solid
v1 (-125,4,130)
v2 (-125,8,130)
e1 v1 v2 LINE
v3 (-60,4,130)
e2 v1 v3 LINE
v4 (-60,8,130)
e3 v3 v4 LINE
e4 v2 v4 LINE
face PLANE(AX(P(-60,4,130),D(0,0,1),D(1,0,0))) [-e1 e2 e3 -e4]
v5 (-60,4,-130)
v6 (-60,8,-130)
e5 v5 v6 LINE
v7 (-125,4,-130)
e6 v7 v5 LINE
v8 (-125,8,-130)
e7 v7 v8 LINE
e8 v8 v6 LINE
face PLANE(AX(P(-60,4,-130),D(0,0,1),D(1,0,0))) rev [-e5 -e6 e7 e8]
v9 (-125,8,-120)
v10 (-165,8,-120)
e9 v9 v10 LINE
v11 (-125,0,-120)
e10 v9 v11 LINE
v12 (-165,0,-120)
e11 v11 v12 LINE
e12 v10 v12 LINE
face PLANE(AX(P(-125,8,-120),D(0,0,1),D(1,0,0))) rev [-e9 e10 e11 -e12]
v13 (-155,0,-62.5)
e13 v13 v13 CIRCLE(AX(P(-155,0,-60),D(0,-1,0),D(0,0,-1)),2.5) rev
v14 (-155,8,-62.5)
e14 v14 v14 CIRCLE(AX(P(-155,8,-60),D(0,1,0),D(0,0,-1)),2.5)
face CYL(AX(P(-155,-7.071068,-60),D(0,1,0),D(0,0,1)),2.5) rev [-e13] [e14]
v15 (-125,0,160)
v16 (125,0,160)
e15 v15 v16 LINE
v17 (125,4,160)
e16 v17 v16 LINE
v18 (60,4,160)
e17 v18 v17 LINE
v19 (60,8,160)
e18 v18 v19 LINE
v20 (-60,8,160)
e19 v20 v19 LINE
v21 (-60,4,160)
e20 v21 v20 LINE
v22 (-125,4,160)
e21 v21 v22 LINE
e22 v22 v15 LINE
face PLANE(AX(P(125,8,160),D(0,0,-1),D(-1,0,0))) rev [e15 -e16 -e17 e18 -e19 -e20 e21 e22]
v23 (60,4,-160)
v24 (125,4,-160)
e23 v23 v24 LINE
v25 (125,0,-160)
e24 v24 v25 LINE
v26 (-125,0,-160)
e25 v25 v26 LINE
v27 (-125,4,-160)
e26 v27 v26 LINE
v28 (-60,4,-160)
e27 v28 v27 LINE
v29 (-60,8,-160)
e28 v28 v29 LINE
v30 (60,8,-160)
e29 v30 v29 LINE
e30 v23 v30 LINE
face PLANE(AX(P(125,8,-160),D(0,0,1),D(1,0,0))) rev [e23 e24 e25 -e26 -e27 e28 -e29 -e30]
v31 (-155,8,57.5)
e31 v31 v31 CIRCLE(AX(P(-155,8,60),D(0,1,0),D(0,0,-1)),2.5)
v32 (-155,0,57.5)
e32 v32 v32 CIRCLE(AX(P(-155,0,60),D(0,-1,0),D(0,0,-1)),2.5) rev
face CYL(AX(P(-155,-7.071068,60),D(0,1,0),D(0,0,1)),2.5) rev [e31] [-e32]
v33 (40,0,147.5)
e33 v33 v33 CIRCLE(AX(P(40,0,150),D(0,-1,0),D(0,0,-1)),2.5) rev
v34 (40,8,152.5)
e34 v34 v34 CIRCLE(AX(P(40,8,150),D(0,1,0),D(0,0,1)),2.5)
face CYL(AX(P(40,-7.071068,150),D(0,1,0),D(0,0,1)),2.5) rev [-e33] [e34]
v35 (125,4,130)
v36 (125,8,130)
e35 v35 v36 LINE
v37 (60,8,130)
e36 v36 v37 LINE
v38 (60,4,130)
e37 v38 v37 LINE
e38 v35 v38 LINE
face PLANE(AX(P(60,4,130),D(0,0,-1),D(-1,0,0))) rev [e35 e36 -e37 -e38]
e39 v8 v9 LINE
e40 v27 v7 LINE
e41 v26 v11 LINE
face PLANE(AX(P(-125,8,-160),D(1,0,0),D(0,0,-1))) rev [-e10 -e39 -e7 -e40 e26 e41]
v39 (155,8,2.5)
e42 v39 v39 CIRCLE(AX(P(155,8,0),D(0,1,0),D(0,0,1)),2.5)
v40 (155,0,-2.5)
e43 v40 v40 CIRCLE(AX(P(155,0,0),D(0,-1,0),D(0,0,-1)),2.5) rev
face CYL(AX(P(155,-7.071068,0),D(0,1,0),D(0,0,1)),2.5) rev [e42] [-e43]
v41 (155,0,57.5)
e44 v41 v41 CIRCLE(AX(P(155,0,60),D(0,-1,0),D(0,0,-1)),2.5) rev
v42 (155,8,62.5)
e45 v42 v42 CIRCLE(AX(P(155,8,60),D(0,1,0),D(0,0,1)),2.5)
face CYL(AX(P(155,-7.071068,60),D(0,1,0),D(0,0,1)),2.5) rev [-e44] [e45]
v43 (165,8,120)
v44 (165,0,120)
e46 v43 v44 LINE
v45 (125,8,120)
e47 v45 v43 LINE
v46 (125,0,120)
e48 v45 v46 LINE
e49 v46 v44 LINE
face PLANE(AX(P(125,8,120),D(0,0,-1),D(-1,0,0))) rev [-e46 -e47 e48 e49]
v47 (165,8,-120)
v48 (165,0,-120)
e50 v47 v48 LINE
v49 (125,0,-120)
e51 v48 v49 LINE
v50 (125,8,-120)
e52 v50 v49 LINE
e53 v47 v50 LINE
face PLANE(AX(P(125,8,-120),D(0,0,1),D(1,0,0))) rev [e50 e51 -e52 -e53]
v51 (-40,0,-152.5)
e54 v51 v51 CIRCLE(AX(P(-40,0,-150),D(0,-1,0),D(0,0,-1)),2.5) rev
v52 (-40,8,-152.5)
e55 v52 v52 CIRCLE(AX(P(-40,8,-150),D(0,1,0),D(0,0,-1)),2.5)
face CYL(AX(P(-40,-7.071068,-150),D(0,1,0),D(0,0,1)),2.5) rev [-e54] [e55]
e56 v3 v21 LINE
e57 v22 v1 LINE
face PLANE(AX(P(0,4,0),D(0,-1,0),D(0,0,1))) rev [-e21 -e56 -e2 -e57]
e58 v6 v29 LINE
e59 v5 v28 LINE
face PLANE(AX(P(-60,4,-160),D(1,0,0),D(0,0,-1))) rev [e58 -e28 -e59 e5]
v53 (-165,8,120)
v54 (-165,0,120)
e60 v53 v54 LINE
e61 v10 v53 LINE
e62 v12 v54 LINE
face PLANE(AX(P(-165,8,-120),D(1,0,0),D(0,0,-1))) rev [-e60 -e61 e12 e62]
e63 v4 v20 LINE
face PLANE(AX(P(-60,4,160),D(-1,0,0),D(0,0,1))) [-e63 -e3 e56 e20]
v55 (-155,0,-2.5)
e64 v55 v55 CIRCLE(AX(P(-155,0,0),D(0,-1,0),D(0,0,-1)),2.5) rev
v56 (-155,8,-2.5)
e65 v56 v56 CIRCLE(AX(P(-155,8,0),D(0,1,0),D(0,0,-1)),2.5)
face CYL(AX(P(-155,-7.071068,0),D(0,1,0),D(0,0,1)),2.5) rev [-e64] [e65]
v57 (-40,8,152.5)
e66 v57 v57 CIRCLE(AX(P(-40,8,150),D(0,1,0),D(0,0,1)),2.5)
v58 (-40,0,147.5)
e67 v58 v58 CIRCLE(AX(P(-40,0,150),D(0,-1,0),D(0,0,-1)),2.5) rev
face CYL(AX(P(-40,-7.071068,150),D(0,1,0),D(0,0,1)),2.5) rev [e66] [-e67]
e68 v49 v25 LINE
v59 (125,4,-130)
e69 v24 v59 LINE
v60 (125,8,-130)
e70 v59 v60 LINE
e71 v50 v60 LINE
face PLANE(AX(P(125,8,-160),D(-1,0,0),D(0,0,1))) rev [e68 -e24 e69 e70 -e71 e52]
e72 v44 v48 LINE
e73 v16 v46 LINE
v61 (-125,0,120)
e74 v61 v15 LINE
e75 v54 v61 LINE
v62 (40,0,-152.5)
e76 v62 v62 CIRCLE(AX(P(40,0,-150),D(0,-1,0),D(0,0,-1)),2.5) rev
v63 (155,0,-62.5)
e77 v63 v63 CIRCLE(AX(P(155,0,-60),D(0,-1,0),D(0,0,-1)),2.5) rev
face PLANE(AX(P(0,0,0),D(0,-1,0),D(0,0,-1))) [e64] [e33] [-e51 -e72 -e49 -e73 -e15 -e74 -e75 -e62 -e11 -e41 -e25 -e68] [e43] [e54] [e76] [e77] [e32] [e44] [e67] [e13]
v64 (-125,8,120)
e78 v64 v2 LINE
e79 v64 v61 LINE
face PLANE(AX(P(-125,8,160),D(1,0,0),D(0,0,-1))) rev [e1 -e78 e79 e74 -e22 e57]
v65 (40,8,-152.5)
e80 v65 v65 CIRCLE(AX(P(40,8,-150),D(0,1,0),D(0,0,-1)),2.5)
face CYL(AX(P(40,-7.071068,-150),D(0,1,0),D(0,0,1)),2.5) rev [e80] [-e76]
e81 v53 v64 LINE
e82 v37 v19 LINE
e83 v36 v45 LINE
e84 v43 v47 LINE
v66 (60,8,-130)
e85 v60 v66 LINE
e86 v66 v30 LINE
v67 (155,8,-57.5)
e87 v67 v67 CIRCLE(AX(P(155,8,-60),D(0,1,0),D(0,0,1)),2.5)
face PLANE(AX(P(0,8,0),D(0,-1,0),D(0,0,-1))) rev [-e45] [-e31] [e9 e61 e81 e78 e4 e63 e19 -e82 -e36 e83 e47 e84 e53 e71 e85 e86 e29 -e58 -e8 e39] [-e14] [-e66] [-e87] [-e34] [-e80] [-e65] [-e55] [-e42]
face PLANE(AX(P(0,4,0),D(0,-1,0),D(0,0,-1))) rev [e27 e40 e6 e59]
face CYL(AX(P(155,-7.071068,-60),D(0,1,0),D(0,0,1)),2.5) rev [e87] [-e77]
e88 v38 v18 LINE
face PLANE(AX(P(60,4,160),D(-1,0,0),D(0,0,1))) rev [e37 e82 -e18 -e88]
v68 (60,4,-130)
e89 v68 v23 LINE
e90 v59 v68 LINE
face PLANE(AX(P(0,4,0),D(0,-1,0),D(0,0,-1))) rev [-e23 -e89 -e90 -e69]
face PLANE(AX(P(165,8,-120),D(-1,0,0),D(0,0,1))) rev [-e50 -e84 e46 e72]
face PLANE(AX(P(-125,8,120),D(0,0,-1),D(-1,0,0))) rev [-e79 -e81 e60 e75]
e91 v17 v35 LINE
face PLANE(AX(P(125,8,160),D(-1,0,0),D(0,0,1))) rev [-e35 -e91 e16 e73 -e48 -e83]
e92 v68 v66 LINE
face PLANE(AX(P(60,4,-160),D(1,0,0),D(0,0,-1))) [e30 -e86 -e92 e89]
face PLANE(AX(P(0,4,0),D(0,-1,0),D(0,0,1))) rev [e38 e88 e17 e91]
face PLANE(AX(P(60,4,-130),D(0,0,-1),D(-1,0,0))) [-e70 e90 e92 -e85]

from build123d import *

# Parameters (mm, degrees)
BOSS_EXTRUDE1_DEPTH     = 8
SKETCH2_R               = 2.5
CUT_EXTRUDE1_DEPTH      = 8
SKETCH3_W               = 65
SKETCH3_H               = 30
CUT_EXTRUDE2_DEPTH      = 4
MIRROR2_COPY_1_SKETCH_W = 65
MIRROR2_COPY_1_SKETCH_H = 30
MIRROR2_COPY_1_DEPTH    = 4


with BuildPart() as part:
    # Sketch1 → Boss-Extrude1 (new body)
    with BuildSketch(Plane(origin=(0, 0, 0), x_dir=(1, 0, 0), z_dir=(0, 1, 0))):
        Polygon((125, 160), (-125, 160), (-125, 120), (-165, 120), (-165, -120), (-125, -120), (-125, -160), (125, -160), (125, -120), (165, -120), (165, 120), (125, 120), align=None)
    extrude(amount=BOSS_EXTRUDE1_DEPTH)

    # Sketch2 → Cut-Extrude1 (cut)
    with BuildSketch(Plane(origin=(0, 8, 0), x_dir=(1, 0, 0), z_dir=(0, 1, 0))):
        with Locations(Location((155, 60, 0), (0, 0, 270))):
            Circle(SKETCH2_R)
        with Locations(Location((155, 0, 0), (0, 0, 270))):
            Circle(SKETCH2_R)
        with Locations(Location((155, -60, 0), (0, 0, 270))):
            Circle(SKETCH2_R)
        with Locations(Location((40, -150, 0), (0, 0, 270))):
            Circle(SKETCH2_R)
        with Locations(Location((-40, -150, 0), (0, 0, 270))):
            Circle(SKETCH2_R)
        with Locations(Location((-155, -60, 0), (0, 0, 90))):
            Circle(SKETCH2_R)
        with Locations(Location((-155, 0, 0), (0, 0, 90))):
            Circle(SKETCH2_R)
        with Locations(Location((-155, 60, 0), (0, 0, 90))):
            Circle(SKETCH2_R)
        with Locations(Location((-40, 150, 0), (0, 0, 90))):
            Circle(SKETCH2_R)
        with Locations(Location((40, 150, 0), (0, 0, 90))):
            Circle(SKETCH2_R)
    extrude(amount=-CUT_EXTRUDE1_DEPTH, mode=Mode.SUBTRACT)

    # Sketch3 → Cut-Extrude2 (cut)
    with BuildSketch(Plane(origin=(0, 8, 0), x_dir=(1, 0, 0), z_dir=(0, 1, 0))):
        with Locations((-92.5, 145)):
            Rectangle(SKETCH3_W, SKETCH3_H)
    cut_extrude2 = extrude(amount=-CUT_EXTRUDE2_DEPTH, mode=Mode.SUBTRACT)

    # Mirror1: Cut-Extrude2 across plane
    add(cut_extrude2.mirror(Plane(origin=(0, 0, 0), x_dir=(1, 0, 0), z_dir=(0, 0, -1))), mode=Mode.SUBTRACT)

    # Mirror2: Cut-Extrude2 across plane
    add(cut_extrude2.mirror(Plane.ZY), mode=Mode.SUBTRACT)

    # Mirror2 copy 1 sketch → Mirror2 copy 1 (cut)
    with BuildSketch(Plane(origin=(0, 8, 0), x_dir=(-1, 0, 0), z_dir=(0, 1, 0))):
        with Locations((-92.5, 145)):
            Rectangle(MIRROR2_COPY_1_SKETCH_W, MIRROR2_COPY_1_SKETCH_H)
    extrude(amount=-MIRROR2_COPY_1_DEPTH, mode=Mode.SUBTRACT)


solid = part.part
